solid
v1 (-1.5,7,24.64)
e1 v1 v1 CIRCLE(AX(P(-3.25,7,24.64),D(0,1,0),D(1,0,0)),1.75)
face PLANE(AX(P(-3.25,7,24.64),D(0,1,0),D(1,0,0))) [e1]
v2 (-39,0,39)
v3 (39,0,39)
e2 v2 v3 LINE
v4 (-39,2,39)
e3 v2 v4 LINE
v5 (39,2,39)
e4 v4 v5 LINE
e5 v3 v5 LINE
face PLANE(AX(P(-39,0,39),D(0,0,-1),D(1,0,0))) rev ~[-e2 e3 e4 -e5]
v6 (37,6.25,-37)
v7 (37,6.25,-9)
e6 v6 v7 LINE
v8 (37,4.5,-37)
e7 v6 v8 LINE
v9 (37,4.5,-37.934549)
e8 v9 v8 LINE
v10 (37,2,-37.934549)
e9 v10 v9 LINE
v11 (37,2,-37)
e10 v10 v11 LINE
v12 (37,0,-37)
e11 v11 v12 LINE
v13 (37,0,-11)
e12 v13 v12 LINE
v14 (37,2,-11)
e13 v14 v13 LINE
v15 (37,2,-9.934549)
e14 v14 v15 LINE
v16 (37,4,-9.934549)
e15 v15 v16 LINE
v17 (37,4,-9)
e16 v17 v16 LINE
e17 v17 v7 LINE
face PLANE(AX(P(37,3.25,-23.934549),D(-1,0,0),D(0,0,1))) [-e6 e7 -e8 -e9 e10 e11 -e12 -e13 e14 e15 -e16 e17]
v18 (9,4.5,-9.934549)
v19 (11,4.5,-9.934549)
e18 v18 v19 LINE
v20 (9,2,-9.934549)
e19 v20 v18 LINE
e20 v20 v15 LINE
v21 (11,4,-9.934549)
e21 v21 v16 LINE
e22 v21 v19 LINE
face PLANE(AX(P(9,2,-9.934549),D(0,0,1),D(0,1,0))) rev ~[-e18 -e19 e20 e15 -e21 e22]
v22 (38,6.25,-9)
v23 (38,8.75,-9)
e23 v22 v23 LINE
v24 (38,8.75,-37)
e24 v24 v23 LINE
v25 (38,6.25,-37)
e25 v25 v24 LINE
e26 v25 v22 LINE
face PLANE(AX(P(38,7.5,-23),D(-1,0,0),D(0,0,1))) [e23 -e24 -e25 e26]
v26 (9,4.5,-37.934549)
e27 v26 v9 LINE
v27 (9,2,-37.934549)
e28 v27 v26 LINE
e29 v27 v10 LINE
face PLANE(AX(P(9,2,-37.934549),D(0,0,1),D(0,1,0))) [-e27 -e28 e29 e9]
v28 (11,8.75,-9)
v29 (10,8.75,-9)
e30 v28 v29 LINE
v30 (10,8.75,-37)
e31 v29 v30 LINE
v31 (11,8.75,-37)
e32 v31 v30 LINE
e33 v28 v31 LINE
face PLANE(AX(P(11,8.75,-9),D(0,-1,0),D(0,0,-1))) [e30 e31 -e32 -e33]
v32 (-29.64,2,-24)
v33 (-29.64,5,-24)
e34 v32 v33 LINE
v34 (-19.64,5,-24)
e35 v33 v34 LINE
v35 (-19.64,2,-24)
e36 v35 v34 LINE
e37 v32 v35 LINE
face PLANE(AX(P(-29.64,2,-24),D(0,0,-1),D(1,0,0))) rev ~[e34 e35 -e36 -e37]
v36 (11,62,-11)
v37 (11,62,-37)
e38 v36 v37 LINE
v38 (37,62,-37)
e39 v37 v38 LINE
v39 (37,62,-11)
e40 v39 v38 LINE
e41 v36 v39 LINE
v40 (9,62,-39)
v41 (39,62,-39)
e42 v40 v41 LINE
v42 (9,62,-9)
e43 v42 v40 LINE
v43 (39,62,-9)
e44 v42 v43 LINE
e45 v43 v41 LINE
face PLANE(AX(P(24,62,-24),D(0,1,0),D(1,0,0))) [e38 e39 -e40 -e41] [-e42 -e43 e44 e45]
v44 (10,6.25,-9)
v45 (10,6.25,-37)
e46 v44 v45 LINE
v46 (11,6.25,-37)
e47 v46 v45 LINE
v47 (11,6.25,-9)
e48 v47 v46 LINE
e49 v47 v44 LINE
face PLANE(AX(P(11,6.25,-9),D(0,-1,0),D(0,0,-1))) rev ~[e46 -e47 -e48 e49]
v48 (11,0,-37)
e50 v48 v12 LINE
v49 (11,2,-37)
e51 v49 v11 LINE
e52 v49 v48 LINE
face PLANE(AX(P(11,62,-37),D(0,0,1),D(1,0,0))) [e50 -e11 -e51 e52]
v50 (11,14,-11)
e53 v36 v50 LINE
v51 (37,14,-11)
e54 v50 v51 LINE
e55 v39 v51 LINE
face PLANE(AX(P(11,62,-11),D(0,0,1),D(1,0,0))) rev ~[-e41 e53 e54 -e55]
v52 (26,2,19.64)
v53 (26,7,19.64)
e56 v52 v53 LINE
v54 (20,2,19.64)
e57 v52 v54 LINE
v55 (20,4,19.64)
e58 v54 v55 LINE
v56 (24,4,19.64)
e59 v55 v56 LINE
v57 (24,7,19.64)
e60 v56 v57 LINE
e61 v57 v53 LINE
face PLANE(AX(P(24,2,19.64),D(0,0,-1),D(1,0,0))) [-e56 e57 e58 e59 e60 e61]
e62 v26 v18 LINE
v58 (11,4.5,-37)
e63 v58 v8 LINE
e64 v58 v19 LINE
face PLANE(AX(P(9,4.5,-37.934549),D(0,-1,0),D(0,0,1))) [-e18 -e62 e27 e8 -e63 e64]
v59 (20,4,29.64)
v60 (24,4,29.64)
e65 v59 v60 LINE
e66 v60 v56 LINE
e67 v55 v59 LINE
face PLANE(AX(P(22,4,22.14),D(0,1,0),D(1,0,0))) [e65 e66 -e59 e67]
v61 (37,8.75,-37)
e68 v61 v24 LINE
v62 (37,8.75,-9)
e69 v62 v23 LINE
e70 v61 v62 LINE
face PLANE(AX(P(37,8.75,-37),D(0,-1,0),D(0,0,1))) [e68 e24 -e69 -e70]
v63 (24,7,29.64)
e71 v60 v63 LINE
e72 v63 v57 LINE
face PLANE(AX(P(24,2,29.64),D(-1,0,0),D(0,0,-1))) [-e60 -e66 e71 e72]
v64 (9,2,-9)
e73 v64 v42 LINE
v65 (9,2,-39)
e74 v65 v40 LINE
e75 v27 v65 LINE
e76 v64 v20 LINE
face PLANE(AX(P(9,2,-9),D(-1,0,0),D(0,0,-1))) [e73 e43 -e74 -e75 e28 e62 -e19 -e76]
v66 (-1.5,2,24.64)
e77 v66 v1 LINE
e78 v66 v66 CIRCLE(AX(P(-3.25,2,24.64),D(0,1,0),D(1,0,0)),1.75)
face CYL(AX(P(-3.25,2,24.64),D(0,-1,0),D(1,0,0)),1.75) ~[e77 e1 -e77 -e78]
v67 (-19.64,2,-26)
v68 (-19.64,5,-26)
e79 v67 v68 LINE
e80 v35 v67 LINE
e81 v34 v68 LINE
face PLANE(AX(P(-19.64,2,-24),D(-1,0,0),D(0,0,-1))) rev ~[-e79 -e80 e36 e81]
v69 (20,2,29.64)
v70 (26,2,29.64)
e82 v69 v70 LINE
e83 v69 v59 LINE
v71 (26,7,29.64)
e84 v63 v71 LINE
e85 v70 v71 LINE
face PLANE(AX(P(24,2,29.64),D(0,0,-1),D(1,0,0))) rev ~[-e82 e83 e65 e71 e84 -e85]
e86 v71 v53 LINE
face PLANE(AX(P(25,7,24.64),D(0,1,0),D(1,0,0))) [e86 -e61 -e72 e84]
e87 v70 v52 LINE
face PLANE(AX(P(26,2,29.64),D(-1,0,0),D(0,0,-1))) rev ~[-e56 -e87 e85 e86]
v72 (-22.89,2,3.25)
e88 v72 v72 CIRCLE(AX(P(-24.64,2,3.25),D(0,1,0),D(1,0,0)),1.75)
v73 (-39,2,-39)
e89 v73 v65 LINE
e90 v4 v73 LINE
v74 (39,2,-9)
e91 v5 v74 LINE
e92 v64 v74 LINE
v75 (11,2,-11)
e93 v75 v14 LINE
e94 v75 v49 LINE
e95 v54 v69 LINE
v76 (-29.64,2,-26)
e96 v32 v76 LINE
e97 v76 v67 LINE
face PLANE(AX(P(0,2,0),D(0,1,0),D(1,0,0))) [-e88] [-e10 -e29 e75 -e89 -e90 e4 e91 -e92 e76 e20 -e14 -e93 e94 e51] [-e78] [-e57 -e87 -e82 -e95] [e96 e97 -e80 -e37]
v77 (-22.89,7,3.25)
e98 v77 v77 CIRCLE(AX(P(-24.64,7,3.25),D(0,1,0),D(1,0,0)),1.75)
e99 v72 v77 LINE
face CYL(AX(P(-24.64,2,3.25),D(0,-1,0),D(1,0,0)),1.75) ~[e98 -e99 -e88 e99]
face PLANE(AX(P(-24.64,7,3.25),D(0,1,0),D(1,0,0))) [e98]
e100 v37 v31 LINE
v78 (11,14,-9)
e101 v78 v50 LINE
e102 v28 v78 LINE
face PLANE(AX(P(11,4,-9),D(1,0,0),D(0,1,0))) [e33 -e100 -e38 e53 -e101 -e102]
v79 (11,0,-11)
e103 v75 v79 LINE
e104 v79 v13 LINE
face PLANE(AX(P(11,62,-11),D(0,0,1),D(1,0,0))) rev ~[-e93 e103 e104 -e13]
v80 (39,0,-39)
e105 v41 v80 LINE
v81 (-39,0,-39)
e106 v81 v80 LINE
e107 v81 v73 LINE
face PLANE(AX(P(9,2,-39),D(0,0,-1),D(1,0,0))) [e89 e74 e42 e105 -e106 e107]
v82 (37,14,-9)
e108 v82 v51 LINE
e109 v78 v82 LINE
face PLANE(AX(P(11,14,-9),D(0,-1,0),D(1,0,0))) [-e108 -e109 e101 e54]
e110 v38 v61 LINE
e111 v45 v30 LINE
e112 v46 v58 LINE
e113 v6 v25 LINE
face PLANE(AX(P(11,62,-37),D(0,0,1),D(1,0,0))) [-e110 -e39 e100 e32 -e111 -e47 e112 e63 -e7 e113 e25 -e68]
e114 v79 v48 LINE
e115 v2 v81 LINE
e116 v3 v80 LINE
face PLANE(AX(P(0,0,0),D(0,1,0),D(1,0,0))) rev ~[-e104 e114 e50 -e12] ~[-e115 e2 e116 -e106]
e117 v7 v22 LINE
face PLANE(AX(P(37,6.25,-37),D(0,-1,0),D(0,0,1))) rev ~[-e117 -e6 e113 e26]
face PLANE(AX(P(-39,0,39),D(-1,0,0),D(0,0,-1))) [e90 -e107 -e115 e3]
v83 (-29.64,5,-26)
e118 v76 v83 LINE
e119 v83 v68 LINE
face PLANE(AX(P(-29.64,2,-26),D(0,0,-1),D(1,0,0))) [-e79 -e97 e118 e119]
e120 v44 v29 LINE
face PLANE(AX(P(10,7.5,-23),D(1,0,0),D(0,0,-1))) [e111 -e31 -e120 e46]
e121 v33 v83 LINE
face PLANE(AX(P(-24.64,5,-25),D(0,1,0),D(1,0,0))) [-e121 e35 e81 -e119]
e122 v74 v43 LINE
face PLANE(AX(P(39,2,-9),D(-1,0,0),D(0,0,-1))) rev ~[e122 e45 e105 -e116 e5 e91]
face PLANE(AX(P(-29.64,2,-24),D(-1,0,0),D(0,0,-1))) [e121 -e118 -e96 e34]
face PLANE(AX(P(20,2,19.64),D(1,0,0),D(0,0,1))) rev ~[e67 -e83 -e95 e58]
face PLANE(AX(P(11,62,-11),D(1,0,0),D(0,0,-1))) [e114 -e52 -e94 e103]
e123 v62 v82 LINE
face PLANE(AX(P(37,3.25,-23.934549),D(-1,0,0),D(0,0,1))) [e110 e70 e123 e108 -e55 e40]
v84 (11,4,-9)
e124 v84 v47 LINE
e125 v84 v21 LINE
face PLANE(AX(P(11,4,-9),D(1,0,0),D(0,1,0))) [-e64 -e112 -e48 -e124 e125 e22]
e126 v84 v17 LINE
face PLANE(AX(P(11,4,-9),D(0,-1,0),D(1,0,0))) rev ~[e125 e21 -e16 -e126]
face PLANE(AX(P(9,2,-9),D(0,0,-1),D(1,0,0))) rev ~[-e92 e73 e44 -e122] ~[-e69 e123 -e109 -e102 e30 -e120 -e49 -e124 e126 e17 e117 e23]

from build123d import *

# Parameters (mm, degrees)
SKETCH1_W            = 78
SKETCH1_H            = 78
BOSS_EXTRUDE1_DEPTH  = 2
SKETCH2_W            = 30
SKETCH2_H            = 30
BOSS_EXTRUDE2_DEPTH  = 60
SKETCH3_W            = 26
SKETCH3_H            = 26
CUT_EXTRUDE1_DEPTH   = 62
SKETCH4_W            = 28
SKETCH4_H            = 2.5
CUT_EXTRUDE2_DEPTH   = 28
SKETCH5_W            = 26
SKETCH5_H            = 10
CUT_EXTRUDE3_DEPTH   = 2
SKETCH6_W            = 28
SKETCH6_H            = 2.5
CUT_EXTRUDE4_DEPTH   = 1
SKETCH7_W            = 28
SKETCH7_H            = 2.5
CUT_EXTRUDE5_DEPTH   = 1
SKETCH14_R           = 1.75
BOSS_EXTRUDE8_DEPTH  = 5
SKETCH15_R           = 1.75
BOSS_EXTRUDE9_DEPTH  = 5
SKETCH16_W           = 4
SKETCH16_H           = 5
BOSS_EXTRUDE10_DEPTH = 2
SKETCH17_W           = 2
SKETCH17_H           = 10
BOSS_EXTRUDE11_DEPTH = 5
SKETCH18_W           = 10
SKETCH18_H           = 2
BOSS_EXTRUDE12_DEPTH = 3


with BuildPart() as part:
    # Sketch1 → Boss-Extrude1 (new body)
    with BuildSketch(Plane(origin=(0, 0, 0), x_dir=(1, 0, 0), z_dir=(0, 1, 0))):
        Rectangle(SKETCH1_W, SKETCH1_H)
    extrude(amount=BOSS_EXTRUDE1_DEPTH)

    # Sketch2 → Boss-Extrude2 (add)
    with BuildSketch(Plane(origin=(0, 2, 0), x_dir=(1, 0, 0), z_dir=(0, 1, 0))):
        with Locations((24, 24)):
            Rectangle(SKETCH2_W, SKETCH2_H)
    extrude(amount=BOSS_EXTRUDE2_DEPTH)

    # Sketch3 → Cut-Extrude1 (cut)
    with BuildSketch(Plane(origin=(0, 62, 0), x_dir=(1, 0, 0), z_dir=(0, 1, 0))):
        with Locations((24, 24)):
            Rectangle(SKETCH3_W, SKETCH3_H)
    extrude(amount=-CUT_EXTRUDE1_DEPTH, mode=Mode.SUBTRACT)

    # Sketch4 → Cut-Extrude2 (cut)
    with BuildSketch(Plane.ZY.offset(-9)):
        with Locations((-23.934548619, 3.25)):
            Rectangle(SKETCH4_W, SKETCH4_H)
    extrude(amount=-CUT_EXTRUDE2_DEPTH, mode=Mode.SUBTRACT)

    # Sketch5 → Cut-Extrude3 (cut)
    with BuildSketch(Plane.XY.offset(-9)):
        with Locations((24, 9)):
            Rectangle(SKETCH5_W, SKETCH5_H)
    extrude(amount=-CUT_EXTRUDE3_DEPTH, mode=Mode.SUBTRACT)

    # Sketch6 → Cut-Extrude4 (cut)
    with BuildSketch(Plane.ZY.offset(-37)):
        with Locations((-23, 7.5)):
            Rectangle(SKETCH6_W, SKETCH6_H)
    extrude(amount=-CUT_EXTRUDE4_DEPTH, mode=Mode.SUBTRACT)

    # Sketch7 → Cut-Extrude5 (cut)
    with BuildSketch(Plane(origin=(11, 0, 0), x_dir=(0, 0, -1), z_dir=(1, 0, 0))):
        with Locations((23, 7.5)):
            Rectangle(SKETCH7_W, SKETCH7_H)
    extrude(amount=-CUT_EXTRUDE5_DEPTH, mode=Mode.SUBTRACT)

    # Sketch14 → Boss-Extrude8 (add)
    with BuildSketch(Plane(origin=(0, 2, 0), x_dir=(1, 0, 0), z_dir=(0, 1, 0))):
        with Locations((-3.25, -24.64)):
            Circle(SKETCH14_R)
    extrude(amount=BOSS_EXTRUDE8_DEPTH)

    # Sketch15 → Boss-Extrude9 (add)
    with BuildSketch(Plane(origin=(0, 2, 0), x_dir=(1, 0, 0), z_dir=(0, 1, 0))):
        with Locations((-24.64, -3.25)):
            Circle(SKETCH15_R)
    extrude(amount=BOSS_EXTRUDE9_DEPTH)

    # Sketch16 → Boss-Extrude10 (add)
    with BuildSketch(Plane(origin=(0, 2, 0), x_dir=(1, 0, 0), z_dir=(0, 1, 0))):
        with Locations((22, -22.14)):
            Rectangle(SKETCH16_W, SKETCH16_H)
        with Locations((22, -27.14)):
            Rectangle(SKETCH16_W, SKETCH16_H)
    extrude(amount=BOSS_EXTRUDE10_DEPTH)

    # Sketch17 → Boss-Extrude11 (add)
    with BuildSketch(Plane(origin=(0, 2, 0), x_dir=(1, 0, 0), z_dir=(0, 1, 0))):
        with Locations((25, -24.64)):
            Rectangle(SKETCH17_W, SKETCH17_H)
    extrude(amount=BOSS_EXTRUDE11_DEPTH)

    # Sketch18 → Boss-Extrude12 (add)
    with BuildSketch(Plane(origin=(0, 2, 0), x_dir=(1, 0, 0), z_dir=(0, 1, 0))):
        with Locations((-24.64, 25)):
            Rectangle(SKETCH18_W, SKETCH18_H)
    extrude(amount=BOSS_EXTRUDE12_DEPTH)


solid = part.part
